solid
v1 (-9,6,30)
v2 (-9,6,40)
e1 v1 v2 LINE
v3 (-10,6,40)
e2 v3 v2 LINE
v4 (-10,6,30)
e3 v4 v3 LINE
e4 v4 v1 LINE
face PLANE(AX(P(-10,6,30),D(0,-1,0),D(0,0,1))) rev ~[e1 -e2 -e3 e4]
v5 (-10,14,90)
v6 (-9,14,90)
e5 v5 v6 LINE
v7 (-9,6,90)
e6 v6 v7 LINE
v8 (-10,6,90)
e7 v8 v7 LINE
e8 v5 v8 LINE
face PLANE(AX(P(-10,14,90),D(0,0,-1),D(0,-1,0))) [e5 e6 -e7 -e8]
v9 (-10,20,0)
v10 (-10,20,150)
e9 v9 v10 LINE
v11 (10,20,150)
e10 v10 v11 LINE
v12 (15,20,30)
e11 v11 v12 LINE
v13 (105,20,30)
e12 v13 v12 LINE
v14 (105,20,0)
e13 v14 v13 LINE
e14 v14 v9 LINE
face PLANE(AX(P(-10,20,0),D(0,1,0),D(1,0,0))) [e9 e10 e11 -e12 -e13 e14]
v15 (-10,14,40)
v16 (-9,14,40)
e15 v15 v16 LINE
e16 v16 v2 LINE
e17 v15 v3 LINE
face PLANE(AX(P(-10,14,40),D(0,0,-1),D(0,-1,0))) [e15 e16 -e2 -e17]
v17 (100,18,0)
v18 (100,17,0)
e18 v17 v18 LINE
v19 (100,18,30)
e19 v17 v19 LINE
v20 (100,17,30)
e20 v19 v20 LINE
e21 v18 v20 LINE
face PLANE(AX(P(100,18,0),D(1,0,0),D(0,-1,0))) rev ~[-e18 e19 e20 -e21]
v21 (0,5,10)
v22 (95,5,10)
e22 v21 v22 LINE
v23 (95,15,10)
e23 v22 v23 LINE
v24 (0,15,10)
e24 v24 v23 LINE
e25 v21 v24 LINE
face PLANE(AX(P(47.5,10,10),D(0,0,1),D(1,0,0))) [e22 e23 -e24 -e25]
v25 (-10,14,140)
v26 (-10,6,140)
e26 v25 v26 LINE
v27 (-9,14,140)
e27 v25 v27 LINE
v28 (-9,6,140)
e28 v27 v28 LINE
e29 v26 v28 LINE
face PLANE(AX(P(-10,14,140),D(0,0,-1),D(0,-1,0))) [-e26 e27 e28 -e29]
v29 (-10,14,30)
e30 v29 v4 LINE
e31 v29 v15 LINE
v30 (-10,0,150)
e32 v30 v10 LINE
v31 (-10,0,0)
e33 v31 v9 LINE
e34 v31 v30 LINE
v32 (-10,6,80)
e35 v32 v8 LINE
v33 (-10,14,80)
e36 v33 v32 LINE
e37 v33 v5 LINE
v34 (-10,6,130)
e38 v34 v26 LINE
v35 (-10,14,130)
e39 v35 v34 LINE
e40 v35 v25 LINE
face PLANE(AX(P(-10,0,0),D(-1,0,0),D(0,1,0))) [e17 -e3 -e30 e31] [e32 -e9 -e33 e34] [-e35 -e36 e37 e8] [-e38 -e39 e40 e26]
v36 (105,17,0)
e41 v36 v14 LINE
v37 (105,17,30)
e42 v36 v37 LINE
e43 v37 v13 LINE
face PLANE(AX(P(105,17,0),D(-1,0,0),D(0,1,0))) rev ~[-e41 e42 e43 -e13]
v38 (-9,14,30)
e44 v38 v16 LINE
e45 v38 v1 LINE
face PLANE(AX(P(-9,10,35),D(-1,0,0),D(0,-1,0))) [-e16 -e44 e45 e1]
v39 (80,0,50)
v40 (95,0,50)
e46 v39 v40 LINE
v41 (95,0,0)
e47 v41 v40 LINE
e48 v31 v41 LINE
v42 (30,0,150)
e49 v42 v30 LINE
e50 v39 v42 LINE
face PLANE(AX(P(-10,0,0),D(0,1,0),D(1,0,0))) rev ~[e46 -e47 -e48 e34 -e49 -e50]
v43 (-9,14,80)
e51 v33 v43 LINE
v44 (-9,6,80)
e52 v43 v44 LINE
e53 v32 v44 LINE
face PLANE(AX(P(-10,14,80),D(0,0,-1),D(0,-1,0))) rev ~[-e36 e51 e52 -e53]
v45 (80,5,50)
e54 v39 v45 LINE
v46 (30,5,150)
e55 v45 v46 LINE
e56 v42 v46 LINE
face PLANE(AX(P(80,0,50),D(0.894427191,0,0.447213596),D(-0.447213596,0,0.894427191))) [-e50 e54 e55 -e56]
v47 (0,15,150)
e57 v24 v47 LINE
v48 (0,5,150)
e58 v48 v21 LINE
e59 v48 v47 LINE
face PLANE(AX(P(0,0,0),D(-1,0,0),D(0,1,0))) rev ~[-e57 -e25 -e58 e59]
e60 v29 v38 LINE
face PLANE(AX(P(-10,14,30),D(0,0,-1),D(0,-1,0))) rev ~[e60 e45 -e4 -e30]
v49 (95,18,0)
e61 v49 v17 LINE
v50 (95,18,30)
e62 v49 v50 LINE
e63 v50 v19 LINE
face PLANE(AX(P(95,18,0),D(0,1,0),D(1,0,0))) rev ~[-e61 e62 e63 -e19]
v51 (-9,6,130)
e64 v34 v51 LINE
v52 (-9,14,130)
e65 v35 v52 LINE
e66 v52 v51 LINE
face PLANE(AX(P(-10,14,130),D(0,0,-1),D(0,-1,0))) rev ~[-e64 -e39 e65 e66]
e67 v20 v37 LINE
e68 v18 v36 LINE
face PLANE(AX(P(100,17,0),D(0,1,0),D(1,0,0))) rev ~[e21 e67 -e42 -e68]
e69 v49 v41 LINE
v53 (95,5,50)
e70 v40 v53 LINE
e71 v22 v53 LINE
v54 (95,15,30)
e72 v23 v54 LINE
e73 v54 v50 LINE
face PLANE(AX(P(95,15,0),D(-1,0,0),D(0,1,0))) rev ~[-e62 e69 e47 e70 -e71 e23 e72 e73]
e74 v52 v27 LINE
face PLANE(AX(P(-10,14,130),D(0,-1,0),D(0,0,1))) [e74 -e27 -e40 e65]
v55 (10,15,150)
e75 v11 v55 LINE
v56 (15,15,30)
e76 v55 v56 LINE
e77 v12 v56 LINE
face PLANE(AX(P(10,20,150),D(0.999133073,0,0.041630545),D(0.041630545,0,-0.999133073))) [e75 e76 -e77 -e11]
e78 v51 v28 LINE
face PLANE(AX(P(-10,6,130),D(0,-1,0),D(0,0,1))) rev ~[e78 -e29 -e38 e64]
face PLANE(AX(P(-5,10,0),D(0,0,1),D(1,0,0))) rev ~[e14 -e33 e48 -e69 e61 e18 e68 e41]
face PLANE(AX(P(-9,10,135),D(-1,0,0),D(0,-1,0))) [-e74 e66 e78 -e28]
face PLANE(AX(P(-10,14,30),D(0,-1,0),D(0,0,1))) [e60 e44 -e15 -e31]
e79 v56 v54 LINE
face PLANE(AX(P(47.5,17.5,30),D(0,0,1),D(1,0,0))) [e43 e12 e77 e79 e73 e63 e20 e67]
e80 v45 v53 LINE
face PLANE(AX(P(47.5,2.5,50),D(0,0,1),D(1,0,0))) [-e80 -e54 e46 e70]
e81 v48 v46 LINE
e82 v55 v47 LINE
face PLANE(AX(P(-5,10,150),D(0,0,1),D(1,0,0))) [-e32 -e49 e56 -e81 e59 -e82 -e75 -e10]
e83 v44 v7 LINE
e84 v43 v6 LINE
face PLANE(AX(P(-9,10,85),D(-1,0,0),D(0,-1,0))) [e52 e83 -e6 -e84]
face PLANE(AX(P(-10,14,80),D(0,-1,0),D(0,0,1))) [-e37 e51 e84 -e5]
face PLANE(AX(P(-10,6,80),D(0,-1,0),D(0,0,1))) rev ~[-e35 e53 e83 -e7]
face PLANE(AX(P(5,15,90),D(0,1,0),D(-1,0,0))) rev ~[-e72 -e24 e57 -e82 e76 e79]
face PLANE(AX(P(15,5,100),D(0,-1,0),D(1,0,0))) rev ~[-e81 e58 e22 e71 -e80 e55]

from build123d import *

# Parameters (mm, degrees)
F0_W      = 95
F0_H      = 5
F1_DEPTH  = 50
F2_W      = 95
F2_H      = 10
F3_DEPTH  = 10
F4_W      = 5
F4_H      = 2
F5_DEPTH  = 30
F6_W      = 10
F6_H      = 120
F7_DEPTH  = 5
F8_W      = 30
F8_H      = 100
F9_DEPTH  = 5
F10_W     = 10
F10_H     = 20
F11_DEPTH = 150
F12_W     = 8
F12_H     = 10
F13_DEPTH = 1


with BuildPart() as f1:
    # F0 (on Top) → F1 (new body)
    with BuildSketch(Plane.XY):
        with Locations((47.5, 2.5)):
            Rectangle(F0_W, F0_H)
    extrude(amount=F1_DEPTH)

    # F2 (on Top) → F3 (join)
    with BuildSketch(Plane.XY):
        with Locations((47.5, 10)):
            Rectangle(F2_W, F2_H)
    extrude(amount=F3_DEPTH)

    # F4 (on Top) → F5 (join)
    with BuildSketch(Plane.XY):
        Polygon((0, 20), (0, 15), (95, 15), (95, 18), (95, 20), align=None)
        with Locations((97.5, 19)):
            Rectangle(F4_W, F4_H)
        Polygon((100, 20), (100, 18), (100, 17), (105, 17), (105, 20), align=None)
    extrude(amount=F5_DEPTH)

    # F6 (on face) → F7 (join)
    with BuildSketch(Plane(origin=(0, 20, 0), x_dir=(-1, 0, 0), z_dir=(0, 1, 0))):
        with Locations((-5, 90)):
            Rectangle(F6_W, F6_H)
        Polygon((-15, 30), (-10, 30), (-10, 150), align=None)
    extrude(amount=-F7_DEPTH)

    # F8 (on face) → F9 (join)
    with BuildSketch(Plane.XZ):
        with Locations((15, 100)):
            Rectangle(F8_W, F8_H)
        Polygon((30, 150), (30, 50), (80, 50), align=None)
    extrude(amount=-F9_DEPTH)

    # F10 (on Top) → F11 (join)
    with BuildSketch(Plane.XY):
        with Locations((-5, 10)):
            Rectangle(F10_W, F10_H)
    extrude(amount=F11_DEPTH)

    # F12 (on face) → F13 (cut)
    with BuildSketch(Plane(origin=(-10, 0, 0), x_dir=(0, -1, 0), z_dir=(-1, 0, 0))):
        with Locations((-10, 135)):
            Rectangle(F12_W, F12_H)
        with Locations((-10, 85)):
            Rectangle(F12_W, F12_H)
        with Locations((-10, 35)):
            Rectangle(F12_W, F12_H)
    extrude(amount=-F13_DEPTH, mode=Mode.SUBTRACT)


solid = f1.part
